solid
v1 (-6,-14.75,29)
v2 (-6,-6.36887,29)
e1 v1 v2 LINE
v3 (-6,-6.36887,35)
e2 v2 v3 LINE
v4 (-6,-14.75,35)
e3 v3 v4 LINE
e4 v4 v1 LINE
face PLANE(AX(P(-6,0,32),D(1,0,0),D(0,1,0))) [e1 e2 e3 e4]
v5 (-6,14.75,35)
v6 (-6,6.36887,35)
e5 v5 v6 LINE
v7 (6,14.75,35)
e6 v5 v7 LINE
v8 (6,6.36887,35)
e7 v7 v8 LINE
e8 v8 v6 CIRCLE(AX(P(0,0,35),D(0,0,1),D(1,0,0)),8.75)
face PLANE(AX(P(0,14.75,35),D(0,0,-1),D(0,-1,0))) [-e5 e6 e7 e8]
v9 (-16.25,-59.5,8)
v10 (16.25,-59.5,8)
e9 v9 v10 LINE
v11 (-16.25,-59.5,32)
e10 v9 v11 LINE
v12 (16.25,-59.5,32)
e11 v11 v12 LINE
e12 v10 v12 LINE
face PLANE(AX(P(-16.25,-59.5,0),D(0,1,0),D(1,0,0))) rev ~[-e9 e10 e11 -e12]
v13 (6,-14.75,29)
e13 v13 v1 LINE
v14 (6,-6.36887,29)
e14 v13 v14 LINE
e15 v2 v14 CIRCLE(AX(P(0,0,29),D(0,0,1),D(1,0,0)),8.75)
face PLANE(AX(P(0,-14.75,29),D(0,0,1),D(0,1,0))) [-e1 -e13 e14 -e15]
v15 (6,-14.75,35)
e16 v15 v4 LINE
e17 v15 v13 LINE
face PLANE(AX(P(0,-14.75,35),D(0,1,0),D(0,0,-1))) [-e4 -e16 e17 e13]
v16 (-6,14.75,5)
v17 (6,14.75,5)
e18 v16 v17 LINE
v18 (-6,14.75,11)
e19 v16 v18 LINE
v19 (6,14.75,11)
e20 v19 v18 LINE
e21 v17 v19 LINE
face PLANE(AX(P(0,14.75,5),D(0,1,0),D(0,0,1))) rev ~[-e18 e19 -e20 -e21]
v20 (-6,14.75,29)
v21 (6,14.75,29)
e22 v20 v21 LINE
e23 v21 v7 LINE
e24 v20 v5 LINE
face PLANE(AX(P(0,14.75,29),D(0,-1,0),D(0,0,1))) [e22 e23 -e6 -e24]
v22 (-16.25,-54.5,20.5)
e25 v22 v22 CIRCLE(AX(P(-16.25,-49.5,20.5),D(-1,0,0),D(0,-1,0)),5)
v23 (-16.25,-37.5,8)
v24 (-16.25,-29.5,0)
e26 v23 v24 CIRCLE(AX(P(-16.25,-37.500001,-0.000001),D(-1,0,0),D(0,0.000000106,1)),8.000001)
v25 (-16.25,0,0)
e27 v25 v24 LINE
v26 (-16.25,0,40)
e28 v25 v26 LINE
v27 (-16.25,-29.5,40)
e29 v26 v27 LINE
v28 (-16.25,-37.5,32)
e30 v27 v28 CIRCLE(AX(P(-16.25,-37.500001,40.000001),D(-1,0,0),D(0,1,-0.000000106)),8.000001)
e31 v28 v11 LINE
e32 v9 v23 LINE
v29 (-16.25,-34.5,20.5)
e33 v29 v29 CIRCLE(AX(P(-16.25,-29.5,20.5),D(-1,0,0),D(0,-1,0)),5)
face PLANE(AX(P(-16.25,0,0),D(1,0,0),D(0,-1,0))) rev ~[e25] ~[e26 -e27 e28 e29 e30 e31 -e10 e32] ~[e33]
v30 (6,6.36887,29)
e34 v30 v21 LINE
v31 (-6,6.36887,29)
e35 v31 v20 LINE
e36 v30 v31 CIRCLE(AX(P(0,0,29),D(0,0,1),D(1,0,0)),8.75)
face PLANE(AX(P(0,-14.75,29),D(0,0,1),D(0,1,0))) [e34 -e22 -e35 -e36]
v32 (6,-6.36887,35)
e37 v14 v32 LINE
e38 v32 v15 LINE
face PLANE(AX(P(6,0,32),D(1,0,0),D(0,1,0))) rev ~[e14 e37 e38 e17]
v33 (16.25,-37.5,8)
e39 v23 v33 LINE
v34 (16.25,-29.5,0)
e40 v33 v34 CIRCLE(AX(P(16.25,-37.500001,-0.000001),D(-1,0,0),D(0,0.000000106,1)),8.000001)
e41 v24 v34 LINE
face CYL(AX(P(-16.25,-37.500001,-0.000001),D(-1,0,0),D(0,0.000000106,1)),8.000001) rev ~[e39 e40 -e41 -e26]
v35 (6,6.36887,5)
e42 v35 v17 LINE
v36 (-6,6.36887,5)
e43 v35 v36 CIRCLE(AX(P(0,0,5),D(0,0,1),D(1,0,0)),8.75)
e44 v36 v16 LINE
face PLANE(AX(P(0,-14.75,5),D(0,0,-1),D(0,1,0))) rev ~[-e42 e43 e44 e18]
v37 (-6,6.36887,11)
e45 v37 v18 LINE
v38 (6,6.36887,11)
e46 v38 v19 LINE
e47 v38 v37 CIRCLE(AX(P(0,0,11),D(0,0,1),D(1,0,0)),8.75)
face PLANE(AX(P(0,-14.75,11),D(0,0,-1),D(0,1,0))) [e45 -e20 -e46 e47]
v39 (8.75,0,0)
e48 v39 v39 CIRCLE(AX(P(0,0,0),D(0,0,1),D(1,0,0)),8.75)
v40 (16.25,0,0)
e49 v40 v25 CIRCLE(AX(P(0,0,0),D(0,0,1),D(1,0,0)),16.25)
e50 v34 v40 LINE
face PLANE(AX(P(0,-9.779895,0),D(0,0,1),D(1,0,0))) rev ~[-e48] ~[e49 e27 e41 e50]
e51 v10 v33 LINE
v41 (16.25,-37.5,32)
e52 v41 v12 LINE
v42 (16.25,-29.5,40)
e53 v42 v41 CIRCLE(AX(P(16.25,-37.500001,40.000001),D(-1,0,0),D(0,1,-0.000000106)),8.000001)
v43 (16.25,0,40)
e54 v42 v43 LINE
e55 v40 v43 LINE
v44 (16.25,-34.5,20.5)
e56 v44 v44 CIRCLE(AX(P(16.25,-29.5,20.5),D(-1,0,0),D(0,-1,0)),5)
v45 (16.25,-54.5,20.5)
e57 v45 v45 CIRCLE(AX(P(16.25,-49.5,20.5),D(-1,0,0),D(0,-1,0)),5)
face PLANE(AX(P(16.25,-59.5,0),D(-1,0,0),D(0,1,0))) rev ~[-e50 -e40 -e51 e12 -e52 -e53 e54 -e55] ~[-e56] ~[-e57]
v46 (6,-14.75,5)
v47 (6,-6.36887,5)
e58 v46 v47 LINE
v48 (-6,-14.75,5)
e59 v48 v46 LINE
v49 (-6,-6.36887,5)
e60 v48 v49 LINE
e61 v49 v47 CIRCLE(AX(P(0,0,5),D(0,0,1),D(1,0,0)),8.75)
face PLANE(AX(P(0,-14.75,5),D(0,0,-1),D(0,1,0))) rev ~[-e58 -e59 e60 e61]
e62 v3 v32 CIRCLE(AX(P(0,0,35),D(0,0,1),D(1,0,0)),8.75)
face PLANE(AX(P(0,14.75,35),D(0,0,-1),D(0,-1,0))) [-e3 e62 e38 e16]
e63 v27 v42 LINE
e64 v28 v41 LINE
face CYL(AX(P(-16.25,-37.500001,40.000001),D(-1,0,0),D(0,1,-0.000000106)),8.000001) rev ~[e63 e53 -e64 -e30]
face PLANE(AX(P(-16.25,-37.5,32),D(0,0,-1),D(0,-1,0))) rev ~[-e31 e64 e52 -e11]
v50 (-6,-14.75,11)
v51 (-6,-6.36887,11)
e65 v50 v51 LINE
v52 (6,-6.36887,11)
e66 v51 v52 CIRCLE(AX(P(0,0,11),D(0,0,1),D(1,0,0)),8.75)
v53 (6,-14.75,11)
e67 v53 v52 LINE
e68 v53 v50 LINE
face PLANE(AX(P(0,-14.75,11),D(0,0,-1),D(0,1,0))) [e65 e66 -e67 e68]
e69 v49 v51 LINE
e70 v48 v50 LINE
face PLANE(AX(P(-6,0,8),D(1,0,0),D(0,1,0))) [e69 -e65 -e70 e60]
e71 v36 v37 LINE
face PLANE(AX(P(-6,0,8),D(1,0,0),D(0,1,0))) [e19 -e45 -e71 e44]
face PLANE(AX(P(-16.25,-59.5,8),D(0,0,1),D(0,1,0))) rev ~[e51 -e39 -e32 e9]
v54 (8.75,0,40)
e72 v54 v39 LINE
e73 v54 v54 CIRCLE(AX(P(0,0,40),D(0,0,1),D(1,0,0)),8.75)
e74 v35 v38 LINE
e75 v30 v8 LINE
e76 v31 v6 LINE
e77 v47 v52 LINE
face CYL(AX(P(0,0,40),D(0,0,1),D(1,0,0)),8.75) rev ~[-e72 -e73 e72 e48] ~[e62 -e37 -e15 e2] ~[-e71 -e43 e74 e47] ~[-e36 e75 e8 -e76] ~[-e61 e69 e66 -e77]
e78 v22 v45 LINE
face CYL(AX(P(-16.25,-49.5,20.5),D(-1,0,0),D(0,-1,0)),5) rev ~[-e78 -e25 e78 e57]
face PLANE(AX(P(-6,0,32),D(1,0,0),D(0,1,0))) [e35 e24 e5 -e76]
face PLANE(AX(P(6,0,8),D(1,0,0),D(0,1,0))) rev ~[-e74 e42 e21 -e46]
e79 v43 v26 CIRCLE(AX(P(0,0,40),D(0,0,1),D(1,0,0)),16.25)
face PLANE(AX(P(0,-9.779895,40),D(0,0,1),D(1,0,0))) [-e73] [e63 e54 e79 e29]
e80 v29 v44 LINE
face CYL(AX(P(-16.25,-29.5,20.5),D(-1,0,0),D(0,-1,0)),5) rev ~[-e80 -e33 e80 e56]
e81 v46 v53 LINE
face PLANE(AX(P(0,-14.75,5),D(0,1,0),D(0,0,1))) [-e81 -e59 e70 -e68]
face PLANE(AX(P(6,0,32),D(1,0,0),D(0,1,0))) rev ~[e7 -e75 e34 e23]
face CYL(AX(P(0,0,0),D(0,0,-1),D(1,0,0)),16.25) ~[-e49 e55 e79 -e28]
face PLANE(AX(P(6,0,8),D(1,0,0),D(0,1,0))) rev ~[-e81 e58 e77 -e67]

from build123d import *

# Parameters (mm, degrees)
F0_W     = 32.5
F0_H     = 30
F1_DEPTH = 40
F2_R     = 5
F3_DEPTH = 32.5
F4_R     = 8.75
F5_DEPTH = 40
F6_W     = 29.5
F6_H     = 6
F7_DEPTH = 6


with BuildPart() as f1:
    # F0 (on Top) → F1 (new body)
    with BuildSketch(Plane.XY):
        with BuildLine():
            Line((16.25, -29.5), (16.25, 0))
            ThreePointArc((16.25, 0), (0, 16.25), (-16.25, 0))
            Line((-16.25, 0), (-16.25, -29.5))
            Line((-16.25, -29.5), (16.25, -29.5))
        make_face()
        with Locations((0, -44.5)):
            Rectangle(F0_W, F0_H)
    extrude(amount=F1_DEPTH)

    # F2 (on face) → F3 (cut)
    with BuildSketch(Plane(origin=(-16.25, 0, 0), x_dir=(0, -1, 0), z_dir=(-1, 0, 0))):
        with BuildLine():
            Line((37.5, 32), (59.5, 32))
            Line((59.5, 32), (59.5, 40))
            Line((59.5, 40), (29.5, 40))
            ThreePointArc((29.5, 40), (31.843146, 34.343146), (37.5, 32))
        make_face()
        with BuildLine():
            Line((29.5, 0), (59.5, 0))
            Line((59.5, 0), (59.5, 8))
            Line((59.5, 8), (37.5, 8))
            ThreePointArc((37.5, 8), (31.843146, 5.656854), (29.5, 0))
        make_face()
        with Locations((29.5, 20.5)):
            Circle(F2_R)
        with Locations((49.5, 20.5)):
            Circle(F2_R)
    extrude(amount=-F3_DEPTH, mode=Mode.SUBTRACT)

    # F4 (on face) → F5 (cut)
    with BuildSketch(Plane.XY.offset(40)):
        Circle(F4_R)
    extrude(amount=-F5_DEPTH, mode=Mode.SUBTRACT)

    # F6 (on Right) → F7 (cut, symmetric)
    with BuildSketch(Plane.YZ):
        Polygon((-14.75, 29), (14.75, 29), (14.75, 35), (0, 35), (-14.75, 35), align=None)
        with Locations((0, 8)):
            Rectangle(F6_W, F6_H)
    extrude(amount=F7_DEPTH, both=True, mode=Mode.SUBTRACT)


solid = f1.part
